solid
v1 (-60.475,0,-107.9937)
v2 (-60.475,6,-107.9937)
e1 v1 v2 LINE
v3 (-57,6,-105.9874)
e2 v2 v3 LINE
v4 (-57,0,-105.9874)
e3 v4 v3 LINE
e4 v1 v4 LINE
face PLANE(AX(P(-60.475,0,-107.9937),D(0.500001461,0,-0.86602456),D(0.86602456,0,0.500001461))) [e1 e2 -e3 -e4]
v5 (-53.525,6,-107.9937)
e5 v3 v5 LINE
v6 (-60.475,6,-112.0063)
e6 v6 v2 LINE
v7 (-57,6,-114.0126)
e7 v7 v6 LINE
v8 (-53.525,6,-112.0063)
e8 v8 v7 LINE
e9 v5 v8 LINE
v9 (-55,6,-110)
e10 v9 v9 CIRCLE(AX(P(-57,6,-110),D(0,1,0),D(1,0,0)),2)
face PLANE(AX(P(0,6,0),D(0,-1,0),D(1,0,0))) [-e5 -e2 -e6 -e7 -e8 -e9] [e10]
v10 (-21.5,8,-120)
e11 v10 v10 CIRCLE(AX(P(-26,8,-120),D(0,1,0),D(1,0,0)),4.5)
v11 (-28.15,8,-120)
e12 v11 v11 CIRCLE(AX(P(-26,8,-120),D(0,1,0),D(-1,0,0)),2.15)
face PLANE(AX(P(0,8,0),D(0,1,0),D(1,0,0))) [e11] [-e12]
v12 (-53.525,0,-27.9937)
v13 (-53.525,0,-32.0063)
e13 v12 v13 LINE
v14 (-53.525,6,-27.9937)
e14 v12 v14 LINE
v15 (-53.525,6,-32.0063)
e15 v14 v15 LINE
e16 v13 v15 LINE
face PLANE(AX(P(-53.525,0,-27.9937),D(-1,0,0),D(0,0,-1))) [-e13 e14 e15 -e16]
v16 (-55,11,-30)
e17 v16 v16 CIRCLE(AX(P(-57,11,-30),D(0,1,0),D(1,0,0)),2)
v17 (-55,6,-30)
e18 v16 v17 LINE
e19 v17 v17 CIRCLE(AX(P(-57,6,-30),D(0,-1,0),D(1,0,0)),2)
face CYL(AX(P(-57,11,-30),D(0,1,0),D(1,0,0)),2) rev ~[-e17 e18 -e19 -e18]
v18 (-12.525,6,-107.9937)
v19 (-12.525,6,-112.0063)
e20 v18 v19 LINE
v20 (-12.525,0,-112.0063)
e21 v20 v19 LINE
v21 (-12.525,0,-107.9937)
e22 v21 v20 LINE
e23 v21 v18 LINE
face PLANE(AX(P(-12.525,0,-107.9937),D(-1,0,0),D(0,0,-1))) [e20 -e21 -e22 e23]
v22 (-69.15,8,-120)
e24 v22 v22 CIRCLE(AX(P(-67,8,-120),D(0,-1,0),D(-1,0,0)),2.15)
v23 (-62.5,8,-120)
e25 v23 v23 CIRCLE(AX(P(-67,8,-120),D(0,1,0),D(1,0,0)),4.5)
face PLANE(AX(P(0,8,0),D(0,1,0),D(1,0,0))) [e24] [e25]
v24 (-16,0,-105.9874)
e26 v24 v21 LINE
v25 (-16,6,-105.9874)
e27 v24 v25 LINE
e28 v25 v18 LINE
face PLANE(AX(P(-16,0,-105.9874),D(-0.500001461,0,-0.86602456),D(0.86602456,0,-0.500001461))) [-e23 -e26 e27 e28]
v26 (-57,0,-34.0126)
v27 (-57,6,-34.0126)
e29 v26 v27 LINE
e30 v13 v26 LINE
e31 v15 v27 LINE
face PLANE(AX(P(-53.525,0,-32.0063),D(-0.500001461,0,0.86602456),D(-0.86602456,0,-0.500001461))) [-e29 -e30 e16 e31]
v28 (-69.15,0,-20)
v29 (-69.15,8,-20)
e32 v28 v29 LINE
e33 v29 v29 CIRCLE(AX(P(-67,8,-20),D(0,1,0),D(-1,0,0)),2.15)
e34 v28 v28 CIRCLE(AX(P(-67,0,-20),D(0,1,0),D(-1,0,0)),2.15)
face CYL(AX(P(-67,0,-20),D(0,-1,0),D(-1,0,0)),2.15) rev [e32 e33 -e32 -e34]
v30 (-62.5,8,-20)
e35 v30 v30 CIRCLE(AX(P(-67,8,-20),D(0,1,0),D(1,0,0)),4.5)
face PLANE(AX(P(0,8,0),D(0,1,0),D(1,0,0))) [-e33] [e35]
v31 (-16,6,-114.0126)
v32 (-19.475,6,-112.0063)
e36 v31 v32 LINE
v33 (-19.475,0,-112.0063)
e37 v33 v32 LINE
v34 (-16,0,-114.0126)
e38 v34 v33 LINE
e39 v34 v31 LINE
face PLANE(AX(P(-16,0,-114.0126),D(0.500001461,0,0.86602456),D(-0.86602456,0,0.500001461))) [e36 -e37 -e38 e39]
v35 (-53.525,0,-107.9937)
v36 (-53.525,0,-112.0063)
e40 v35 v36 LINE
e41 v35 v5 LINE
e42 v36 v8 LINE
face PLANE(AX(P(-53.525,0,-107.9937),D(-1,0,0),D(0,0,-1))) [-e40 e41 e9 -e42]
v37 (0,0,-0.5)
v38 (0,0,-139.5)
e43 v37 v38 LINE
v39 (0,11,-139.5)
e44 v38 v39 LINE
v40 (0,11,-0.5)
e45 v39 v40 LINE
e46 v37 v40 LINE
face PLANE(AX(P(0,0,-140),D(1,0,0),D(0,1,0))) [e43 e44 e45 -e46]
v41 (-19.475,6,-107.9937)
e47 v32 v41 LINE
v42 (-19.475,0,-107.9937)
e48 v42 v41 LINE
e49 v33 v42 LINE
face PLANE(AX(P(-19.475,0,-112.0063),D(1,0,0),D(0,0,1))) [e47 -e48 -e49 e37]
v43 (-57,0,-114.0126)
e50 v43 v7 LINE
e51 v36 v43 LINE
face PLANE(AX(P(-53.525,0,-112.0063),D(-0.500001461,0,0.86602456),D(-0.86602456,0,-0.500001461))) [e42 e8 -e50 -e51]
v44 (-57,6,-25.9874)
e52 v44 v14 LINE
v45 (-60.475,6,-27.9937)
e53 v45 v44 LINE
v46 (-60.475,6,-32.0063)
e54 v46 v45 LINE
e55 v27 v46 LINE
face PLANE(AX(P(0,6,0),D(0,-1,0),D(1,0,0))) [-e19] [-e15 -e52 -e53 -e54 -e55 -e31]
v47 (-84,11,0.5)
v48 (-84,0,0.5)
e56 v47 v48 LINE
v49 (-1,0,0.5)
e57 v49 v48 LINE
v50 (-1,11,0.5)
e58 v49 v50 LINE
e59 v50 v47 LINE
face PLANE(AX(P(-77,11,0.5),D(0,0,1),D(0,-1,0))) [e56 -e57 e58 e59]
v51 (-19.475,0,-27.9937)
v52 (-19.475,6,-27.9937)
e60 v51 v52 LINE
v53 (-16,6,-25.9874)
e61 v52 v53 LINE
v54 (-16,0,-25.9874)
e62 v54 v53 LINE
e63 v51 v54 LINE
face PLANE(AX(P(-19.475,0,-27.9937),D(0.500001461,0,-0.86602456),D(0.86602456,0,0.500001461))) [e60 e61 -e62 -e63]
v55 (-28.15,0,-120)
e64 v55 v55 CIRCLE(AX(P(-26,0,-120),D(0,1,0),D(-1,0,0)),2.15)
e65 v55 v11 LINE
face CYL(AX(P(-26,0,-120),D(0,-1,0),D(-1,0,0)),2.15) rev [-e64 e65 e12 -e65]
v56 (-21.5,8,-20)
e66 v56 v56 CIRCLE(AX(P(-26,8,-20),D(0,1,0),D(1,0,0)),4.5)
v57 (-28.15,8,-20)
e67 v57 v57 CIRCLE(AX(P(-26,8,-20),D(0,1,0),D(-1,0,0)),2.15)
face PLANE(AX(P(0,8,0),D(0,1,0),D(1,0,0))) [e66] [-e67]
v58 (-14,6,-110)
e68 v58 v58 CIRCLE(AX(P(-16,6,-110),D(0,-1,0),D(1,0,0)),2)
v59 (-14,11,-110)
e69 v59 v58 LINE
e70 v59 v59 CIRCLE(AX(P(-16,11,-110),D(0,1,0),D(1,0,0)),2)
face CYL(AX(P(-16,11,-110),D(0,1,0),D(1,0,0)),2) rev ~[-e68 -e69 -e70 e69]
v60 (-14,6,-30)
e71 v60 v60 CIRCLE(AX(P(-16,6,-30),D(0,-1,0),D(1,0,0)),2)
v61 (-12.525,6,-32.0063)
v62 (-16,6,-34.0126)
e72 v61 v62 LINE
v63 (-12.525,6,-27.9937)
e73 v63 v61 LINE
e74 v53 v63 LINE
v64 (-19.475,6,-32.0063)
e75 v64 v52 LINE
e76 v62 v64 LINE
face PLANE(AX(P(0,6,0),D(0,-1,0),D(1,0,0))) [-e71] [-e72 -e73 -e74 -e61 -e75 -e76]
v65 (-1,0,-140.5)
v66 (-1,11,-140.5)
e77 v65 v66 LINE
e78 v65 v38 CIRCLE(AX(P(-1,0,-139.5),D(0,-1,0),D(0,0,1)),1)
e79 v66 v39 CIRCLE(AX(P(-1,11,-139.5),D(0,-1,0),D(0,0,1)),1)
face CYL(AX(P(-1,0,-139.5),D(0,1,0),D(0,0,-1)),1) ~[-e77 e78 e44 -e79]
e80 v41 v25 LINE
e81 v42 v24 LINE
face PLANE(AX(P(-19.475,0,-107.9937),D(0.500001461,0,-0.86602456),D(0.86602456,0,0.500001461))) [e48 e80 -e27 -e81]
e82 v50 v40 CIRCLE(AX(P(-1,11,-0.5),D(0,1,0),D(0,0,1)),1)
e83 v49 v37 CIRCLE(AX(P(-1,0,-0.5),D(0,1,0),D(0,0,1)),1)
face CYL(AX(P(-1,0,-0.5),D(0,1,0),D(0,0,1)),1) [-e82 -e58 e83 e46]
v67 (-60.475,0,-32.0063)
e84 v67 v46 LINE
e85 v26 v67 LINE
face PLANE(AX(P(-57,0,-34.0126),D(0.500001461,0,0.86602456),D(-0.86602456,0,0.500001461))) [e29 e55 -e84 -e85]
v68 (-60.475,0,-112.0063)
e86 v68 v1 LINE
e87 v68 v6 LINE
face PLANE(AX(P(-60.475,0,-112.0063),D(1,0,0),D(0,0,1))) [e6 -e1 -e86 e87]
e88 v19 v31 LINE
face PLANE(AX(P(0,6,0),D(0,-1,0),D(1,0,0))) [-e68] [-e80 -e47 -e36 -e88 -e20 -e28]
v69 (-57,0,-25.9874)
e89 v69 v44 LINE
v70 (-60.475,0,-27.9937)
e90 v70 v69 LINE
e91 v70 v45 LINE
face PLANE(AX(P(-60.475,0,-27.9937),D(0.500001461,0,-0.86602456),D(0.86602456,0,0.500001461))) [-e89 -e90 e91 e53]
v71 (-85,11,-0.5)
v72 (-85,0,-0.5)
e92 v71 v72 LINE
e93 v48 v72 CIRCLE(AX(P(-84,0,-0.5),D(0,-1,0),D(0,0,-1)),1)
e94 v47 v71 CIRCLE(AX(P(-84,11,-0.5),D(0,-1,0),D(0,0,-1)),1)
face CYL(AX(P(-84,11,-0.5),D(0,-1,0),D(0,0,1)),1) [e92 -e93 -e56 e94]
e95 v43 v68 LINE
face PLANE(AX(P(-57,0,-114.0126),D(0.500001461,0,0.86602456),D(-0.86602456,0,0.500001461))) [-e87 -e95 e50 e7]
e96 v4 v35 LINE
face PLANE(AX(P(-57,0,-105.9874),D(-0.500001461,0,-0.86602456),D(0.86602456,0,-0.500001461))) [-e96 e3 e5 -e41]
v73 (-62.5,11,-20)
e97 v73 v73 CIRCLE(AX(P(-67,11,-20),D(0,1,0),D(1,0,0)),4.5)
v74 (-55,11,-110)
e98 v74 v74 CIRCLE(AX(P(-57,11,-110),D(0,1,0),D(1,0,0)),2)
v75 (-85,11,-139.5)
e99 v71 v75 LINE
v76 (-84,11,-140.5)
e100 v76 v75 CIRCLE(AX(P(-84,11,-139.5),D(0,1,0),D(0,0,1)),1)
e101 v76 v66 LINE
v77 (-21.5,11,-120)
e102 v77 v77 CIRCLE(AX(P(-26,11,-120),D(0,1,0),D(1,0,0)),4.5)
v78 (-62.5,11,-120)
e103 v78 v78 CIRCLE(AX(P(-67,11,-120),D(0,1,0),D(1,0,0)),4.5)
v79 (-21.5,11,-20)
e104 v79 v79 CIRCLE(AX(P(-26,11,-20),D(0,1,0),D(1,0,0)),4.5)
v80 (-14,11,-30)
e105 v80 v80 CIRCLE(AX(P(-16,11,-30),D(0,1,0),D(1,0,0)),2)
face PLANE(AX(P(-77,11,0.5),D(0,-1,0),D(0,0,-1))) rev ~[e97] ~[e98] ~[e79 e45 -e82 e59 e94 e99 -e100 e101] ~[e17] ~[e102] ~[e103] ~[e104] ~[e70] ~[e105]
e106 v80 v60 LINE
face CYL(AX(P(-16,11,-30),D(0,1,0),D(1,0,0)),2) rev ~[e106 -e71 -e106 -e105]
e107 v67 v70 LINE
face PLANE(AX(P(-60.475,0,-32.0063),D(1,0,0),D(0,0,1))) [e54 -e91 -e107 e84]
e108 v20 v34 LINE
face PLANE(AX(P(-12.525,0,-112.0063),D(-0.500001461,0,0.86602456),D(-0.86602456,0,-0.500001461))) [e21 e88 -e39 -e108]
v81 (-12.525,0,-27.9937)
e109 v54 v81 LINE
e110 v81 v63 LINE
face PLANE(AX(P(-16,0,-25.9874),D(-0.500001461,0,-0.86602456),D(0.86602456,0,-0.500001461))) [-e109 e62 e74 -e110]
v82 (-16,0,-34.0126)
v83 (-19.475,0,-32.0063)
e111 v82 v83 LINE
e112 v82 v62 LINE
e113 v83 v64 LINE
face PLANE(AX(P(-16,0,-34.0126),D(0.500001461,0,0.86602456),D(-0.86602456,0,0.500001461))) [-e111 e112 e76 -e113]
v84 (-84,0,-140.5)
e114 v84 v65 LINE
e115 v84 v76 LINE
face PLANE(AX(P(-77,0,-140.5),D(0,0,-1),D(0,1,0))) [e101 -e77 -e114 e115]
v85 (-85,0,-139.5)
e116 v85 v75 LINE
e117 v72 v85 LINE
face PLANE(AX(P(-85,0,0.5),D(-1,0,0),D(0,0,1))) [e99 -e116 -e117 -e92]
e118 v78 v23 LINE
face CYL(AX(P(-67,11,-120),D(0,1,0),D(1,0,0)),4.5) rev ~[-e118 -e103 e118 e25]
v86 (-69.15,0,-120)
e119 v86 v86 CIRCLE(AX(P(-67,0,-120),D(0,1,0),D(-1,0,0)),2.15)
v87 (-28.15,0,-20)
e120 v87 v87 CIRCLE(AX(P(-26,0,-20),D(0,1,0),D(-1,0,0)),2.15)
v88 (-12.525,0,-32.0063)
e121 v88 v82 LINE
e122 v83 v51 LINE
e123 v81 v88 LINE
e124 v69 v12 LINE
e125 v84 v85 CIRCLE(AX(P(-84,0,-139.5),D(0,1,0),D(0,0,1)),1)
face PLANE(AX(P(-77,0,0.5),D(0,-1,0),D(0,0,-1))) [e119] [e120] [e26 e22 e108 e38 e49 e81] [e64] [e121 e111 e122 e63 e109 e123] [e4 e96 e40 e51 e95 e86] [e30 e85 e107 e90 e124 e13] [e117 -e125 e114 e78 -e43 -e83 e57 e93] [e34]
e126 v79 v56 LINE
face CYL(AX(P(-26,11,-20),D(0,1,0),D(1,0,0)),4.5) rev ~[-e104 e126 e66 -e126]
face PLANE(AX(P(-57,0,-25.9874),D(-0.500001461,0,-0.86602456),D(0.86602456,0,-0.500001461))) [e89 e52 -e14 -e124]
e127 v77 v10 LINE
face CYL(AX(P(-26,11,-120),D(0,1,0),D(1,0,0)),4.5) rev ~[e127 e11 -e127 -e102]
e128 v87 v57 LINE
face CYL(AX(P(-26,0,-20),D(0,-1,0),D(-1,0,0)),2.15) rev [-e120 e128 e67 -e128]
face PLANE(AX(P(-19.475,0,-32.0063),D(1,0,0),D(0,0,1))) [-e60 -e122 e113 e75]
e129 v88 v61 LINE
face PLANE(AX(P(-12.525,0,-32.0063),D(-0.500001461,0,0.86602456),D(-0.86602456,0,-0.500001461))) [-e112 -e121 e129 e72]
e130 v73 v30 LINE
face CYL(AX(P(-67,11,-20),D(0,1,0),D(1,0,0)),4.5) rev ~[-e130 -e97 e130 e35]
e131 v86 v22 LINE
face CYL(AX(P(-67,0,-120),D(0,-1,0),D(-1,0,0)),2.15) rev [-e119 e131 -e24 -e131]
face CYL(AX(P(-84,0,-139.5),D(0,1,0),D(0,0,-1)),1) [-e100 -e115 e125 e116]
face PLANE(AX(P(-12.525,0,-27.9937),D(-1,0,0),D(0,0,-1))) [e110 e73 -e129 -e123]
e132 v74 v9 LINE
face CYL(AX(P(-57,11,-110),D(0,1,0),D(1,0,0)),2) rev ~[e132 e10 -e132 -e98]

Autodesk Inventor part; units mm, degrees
ref_plane "YZ Plane" through (0, 0, 0) normal (1, 0, 0) x (0, 1, 0)
ref_plane "XZ Plane" through (0, 0, 0) normal (0, 1, 0) x (-1, 0, 0)
ref_plane "XY Plane" through (0, 0, 0) normal (0, 0, 1) x (1, 0, 0)
sketch "Esboço1" plane through (0, 0, 0) normal (0, 1, 0) x (-1, 0, 0)
  line L0 (0, 0) -> (77, 0)
  line L1 (77, 0) -> (77, -140)
  line L2 (77, -140) -> (0, -140)
  line L3 (0, -140) -> (0, 0)
  circle A0 centre (67, -20) radius 2.15
  circle A1 centre (67, -120) radius 2.15
  circle A2 centre (26, -20) radius 2.15
  circle A3 centre (26, -120) radius 2.15
  dimension "d0" = 77
  dimension "d1" = 140
  dimension "d2" = 4.3
  dimension "d3" = 4.3
  dimension "d4" = 4.3
  dimension "d5" = 4.3
  dimension "d6" = 10
  dimension "d7" = 10
  dimension "d8" = 20
  dimension "d9" = 20
  dimension "d10" = 20
  dimension "d11" = 20
  dimension "d12" = 26
  dimension "d13" = 26
extrude "Extrusão1" add sketch "Esboço1" along normal blind 11
sketch "Esboço2" plane through (0, 11, 0) normal (0, 1, 0) x (1, 0, 0)
  circle A0 centre (-67, 20) radius 2.15 projected
  circle A1 centre (-26, 20) radius 2.15 projected
  circle A2 centre (-26, 120) radius 2.15 projected
  circle A3 centre (-67, 120) radius 2.15 projected
  circle A4 centre (-67, 20) radius 4.5
  circle A5 centre (-67, 120) radius 2.15 projected
  circle A6 centre (-67, 120) radius 4.5
  circle A7 centre (-26, 120) radius 2.15 projected
  circle A8 centre (-26, 120) radius 4.5
  circle A9 centre (-26, 20) radius 2.15 projected
  circle A10 centre (-26, 20) radius 4.5
  point P0 (0, 0)
  dimension "d16" = 9
  dimension "d17" = 9
  dimension "d18" = 9
  dimension "d19" = 9
extrude "Extrusão2" cut sketch "Esboço2" against normal blind 3 contours A3 | A4 | A6 | A8 | A10
sketch "Esboço3" plane through (0, 11, 0) normal (0, 1, 0) x (1, 0, 0)
  point P0 (0, 0)
sketch "Esboço4" plane through (0, 11, 0) normal (0, 1, 0) x (1, 0, 0)
  circle A0 centre (-57, 30) radius 2
  circle A1 centre (-57, 110) radius 2
  circle A2 centre (-67, 20) radius 2.15 projected
  circle A3 centre (-67, 120) radius 2.15 projected
  circle A4 centre (-16, 30) radius 2
  circle A5 centre (-16, 110) radius 2
  circle A6 centre (-26, 20) radius 2.15 projected
  circle A7 centre (-26, 120) radius 2.15 projected
  point P0 (0, 0)
  dimension "d22" = 4
  dimension "d23" = 4
  dimension "d24" = 10
  dimension "d25" = 10
  dimension "d26" = 10
  dimension "d27" = 10
  dimension "d28" = 4
  dimension "d29" = 4
  dimension "d30" = 10
  dimension "d31" = 10
  dimension "d32" = 10
  dimension "d33" = 10
extrude "Extrusão3" cut sketch "Esboço4" against normal blind 12 contours A0 | A1 | A4 | A5
sketch "Esboço5" plane through (0, 0, 0) normal (0, -1, 0) x (1, 0, 0)
  circle A0 centre (-57, -110) radius 2 projected
  circle A1 centre (-16, -110) radius 2 projected
  circle A2 centre (-16, -30) radius 2 projected
  circle A3 centre (-57, -30) radius 2 projected
  line L0 (-53.525, -112.0063) -> (-57, -114.0126)
  line L1 (-57, -114.0126) -> (-60.475, -112.0063)
  line L2 (-60.475, -112.0063) -> (-60.475, -107.9937)
  line L3 (-60.475, -107.9937) -> (-57, -105.9874)
  line L4 (-57, -105.9874) -> (-53.525, -107.9937)
  line L5 (-53.525, -107.9937) -> (-53.525, -112.0063)
  line L6 (-53.525, -32.0063) -> (-57, -34.0126)
  line L7 (-57, -34.0126) -> (-60.475, -32.0063)
  line L8 (-60.475, -32.0063) -> (-60.475, -27.9937)
  line L9 (-60.475, -27.9937) -> (-57, -25.9874)
  line L10 (-57, -25.9874) -> (-53.525, -27.9937)
  line L11 (-53.525, -27.9937) -> (-53.525, -32.0063)
  line L12 (-16, -105.9874) -> (-12.525, -107.9937)
  line L13 (-12.525, -107.9937) -> (-12.525, -112.0063)
  line L14 (-12.525, -112.0063) -> (-16, -114.0126)
  line L15 (-16, -114.0126) -> (-19.475, -112.0063)
  line L16 (-19.475, -112.0063) -> (-19.475, -107.9937)
  line L17 (-19.475, -107.9937) -> (-16, -105.9874)
  circle A4 centre (-16, -30) radius 2 projected
  line L18 (-12.525, -32.0063) -> (-16, -34.0126)
  line L19 (-16, -34.0126) -> (-19.475, -32.0063)
  line L20 (-19.475, -32.0063) -> (-19.475, -27.9937)
  line L21 (-19.475, -27.9937) -> (-16, -25.9874)
  line L22 (-16, -25.9874) -> (-12.525, -27.9937)
  line L23 (-12.525, -27.9937) -> (-12.525, -32.0063)
  line L24 (-77, -140) -> (-77, 0) projected
  line L25 (0, 0) -> (0, -140) projected
  dimension "d36" = 6.95
  dimension "d37" = 6.95
  dimension "d38" = 6.95
  dimension "d39" = 6.95
extrude "Extrusão4" cut sketch "Esboço5" against normal blind 6 contours A0 | L0 L1 L2 L3 L4 L5 | L6 L7 L8 L9 L10 L11 | L12 L13 L14 L15 L16 L17 | L18 L19 L20 L21 L22 L23
sketch "Esboço6" plane through (-77, 0, 0) normal (0, 0, 1) x (1, 0, 0)
  line L0 (0, 0) -> (77, 0) projected
  line L1 (77, 0) -> (77, 11) projected
  line L2 (0, 11) -> (77, 11) projected
  line L3 (0, 0) -> (0, 11) projected
extrude "Extrusão5" add sketch "Esboço6" along normal blind 0.5
sketch "Esboço7" plane through (0, 0, -140) normal (0, 0, -1) x (-1, 0, 0)
  line L0 (0, 0) -> (77, 0) projected
  line L1 (77, 0) -> (77, 11) projected
  line L2 (0, 11) -> (77, 11) projected
  line L3 (0, 0) -> (0, 11) projected
  point P0 (0, 0)
extrude "Extrusão6" add sketch "Esboço7" along normal blind 0.5
sketch "Esboço8" plane through (-77, 0, 0.5) normal (-1, 0, 0) x (0, 0, 1)
  line L0 (0, 0) -> (-141, 0) projected
  line L1 (0, 11) -> (0, 0) projected
  line L2 (0, 11) -> (-141, 11) projected
  line L3 (-141, 0) -> (-141, 11) projected
  point P0 (-0.5, 0)
extrude "Extrusão7" add sketch "Esboço8" along normal blind 8
fillet "Arredondamento1" radius 1 4 edges at (-85, 5.5, 0.5) (0, 5.5, 0.5) (-85, 5.5, -140.5) (0, 5.5, -140.5)
equation "\"d4\" = d3"
equation "\"d5\" = d3"
equation "\"d7\" = d6"
equation "\"d9\" = d8"
equation "\"d10\" = d9"
equation "\"d11\" = d8"
equation "\"d16\" = d19"
equation "\"d26\" = d25"
equation "\"d27\" = d26"
equation "\"d30\" = d24"
equation "\"d33\" = d32"
equation "\"d36\" = d39"
equation "\"d37\" = d39"
equation "\"d38\" = d39"
properties part number "suporte-fonte2_TIPO2"
